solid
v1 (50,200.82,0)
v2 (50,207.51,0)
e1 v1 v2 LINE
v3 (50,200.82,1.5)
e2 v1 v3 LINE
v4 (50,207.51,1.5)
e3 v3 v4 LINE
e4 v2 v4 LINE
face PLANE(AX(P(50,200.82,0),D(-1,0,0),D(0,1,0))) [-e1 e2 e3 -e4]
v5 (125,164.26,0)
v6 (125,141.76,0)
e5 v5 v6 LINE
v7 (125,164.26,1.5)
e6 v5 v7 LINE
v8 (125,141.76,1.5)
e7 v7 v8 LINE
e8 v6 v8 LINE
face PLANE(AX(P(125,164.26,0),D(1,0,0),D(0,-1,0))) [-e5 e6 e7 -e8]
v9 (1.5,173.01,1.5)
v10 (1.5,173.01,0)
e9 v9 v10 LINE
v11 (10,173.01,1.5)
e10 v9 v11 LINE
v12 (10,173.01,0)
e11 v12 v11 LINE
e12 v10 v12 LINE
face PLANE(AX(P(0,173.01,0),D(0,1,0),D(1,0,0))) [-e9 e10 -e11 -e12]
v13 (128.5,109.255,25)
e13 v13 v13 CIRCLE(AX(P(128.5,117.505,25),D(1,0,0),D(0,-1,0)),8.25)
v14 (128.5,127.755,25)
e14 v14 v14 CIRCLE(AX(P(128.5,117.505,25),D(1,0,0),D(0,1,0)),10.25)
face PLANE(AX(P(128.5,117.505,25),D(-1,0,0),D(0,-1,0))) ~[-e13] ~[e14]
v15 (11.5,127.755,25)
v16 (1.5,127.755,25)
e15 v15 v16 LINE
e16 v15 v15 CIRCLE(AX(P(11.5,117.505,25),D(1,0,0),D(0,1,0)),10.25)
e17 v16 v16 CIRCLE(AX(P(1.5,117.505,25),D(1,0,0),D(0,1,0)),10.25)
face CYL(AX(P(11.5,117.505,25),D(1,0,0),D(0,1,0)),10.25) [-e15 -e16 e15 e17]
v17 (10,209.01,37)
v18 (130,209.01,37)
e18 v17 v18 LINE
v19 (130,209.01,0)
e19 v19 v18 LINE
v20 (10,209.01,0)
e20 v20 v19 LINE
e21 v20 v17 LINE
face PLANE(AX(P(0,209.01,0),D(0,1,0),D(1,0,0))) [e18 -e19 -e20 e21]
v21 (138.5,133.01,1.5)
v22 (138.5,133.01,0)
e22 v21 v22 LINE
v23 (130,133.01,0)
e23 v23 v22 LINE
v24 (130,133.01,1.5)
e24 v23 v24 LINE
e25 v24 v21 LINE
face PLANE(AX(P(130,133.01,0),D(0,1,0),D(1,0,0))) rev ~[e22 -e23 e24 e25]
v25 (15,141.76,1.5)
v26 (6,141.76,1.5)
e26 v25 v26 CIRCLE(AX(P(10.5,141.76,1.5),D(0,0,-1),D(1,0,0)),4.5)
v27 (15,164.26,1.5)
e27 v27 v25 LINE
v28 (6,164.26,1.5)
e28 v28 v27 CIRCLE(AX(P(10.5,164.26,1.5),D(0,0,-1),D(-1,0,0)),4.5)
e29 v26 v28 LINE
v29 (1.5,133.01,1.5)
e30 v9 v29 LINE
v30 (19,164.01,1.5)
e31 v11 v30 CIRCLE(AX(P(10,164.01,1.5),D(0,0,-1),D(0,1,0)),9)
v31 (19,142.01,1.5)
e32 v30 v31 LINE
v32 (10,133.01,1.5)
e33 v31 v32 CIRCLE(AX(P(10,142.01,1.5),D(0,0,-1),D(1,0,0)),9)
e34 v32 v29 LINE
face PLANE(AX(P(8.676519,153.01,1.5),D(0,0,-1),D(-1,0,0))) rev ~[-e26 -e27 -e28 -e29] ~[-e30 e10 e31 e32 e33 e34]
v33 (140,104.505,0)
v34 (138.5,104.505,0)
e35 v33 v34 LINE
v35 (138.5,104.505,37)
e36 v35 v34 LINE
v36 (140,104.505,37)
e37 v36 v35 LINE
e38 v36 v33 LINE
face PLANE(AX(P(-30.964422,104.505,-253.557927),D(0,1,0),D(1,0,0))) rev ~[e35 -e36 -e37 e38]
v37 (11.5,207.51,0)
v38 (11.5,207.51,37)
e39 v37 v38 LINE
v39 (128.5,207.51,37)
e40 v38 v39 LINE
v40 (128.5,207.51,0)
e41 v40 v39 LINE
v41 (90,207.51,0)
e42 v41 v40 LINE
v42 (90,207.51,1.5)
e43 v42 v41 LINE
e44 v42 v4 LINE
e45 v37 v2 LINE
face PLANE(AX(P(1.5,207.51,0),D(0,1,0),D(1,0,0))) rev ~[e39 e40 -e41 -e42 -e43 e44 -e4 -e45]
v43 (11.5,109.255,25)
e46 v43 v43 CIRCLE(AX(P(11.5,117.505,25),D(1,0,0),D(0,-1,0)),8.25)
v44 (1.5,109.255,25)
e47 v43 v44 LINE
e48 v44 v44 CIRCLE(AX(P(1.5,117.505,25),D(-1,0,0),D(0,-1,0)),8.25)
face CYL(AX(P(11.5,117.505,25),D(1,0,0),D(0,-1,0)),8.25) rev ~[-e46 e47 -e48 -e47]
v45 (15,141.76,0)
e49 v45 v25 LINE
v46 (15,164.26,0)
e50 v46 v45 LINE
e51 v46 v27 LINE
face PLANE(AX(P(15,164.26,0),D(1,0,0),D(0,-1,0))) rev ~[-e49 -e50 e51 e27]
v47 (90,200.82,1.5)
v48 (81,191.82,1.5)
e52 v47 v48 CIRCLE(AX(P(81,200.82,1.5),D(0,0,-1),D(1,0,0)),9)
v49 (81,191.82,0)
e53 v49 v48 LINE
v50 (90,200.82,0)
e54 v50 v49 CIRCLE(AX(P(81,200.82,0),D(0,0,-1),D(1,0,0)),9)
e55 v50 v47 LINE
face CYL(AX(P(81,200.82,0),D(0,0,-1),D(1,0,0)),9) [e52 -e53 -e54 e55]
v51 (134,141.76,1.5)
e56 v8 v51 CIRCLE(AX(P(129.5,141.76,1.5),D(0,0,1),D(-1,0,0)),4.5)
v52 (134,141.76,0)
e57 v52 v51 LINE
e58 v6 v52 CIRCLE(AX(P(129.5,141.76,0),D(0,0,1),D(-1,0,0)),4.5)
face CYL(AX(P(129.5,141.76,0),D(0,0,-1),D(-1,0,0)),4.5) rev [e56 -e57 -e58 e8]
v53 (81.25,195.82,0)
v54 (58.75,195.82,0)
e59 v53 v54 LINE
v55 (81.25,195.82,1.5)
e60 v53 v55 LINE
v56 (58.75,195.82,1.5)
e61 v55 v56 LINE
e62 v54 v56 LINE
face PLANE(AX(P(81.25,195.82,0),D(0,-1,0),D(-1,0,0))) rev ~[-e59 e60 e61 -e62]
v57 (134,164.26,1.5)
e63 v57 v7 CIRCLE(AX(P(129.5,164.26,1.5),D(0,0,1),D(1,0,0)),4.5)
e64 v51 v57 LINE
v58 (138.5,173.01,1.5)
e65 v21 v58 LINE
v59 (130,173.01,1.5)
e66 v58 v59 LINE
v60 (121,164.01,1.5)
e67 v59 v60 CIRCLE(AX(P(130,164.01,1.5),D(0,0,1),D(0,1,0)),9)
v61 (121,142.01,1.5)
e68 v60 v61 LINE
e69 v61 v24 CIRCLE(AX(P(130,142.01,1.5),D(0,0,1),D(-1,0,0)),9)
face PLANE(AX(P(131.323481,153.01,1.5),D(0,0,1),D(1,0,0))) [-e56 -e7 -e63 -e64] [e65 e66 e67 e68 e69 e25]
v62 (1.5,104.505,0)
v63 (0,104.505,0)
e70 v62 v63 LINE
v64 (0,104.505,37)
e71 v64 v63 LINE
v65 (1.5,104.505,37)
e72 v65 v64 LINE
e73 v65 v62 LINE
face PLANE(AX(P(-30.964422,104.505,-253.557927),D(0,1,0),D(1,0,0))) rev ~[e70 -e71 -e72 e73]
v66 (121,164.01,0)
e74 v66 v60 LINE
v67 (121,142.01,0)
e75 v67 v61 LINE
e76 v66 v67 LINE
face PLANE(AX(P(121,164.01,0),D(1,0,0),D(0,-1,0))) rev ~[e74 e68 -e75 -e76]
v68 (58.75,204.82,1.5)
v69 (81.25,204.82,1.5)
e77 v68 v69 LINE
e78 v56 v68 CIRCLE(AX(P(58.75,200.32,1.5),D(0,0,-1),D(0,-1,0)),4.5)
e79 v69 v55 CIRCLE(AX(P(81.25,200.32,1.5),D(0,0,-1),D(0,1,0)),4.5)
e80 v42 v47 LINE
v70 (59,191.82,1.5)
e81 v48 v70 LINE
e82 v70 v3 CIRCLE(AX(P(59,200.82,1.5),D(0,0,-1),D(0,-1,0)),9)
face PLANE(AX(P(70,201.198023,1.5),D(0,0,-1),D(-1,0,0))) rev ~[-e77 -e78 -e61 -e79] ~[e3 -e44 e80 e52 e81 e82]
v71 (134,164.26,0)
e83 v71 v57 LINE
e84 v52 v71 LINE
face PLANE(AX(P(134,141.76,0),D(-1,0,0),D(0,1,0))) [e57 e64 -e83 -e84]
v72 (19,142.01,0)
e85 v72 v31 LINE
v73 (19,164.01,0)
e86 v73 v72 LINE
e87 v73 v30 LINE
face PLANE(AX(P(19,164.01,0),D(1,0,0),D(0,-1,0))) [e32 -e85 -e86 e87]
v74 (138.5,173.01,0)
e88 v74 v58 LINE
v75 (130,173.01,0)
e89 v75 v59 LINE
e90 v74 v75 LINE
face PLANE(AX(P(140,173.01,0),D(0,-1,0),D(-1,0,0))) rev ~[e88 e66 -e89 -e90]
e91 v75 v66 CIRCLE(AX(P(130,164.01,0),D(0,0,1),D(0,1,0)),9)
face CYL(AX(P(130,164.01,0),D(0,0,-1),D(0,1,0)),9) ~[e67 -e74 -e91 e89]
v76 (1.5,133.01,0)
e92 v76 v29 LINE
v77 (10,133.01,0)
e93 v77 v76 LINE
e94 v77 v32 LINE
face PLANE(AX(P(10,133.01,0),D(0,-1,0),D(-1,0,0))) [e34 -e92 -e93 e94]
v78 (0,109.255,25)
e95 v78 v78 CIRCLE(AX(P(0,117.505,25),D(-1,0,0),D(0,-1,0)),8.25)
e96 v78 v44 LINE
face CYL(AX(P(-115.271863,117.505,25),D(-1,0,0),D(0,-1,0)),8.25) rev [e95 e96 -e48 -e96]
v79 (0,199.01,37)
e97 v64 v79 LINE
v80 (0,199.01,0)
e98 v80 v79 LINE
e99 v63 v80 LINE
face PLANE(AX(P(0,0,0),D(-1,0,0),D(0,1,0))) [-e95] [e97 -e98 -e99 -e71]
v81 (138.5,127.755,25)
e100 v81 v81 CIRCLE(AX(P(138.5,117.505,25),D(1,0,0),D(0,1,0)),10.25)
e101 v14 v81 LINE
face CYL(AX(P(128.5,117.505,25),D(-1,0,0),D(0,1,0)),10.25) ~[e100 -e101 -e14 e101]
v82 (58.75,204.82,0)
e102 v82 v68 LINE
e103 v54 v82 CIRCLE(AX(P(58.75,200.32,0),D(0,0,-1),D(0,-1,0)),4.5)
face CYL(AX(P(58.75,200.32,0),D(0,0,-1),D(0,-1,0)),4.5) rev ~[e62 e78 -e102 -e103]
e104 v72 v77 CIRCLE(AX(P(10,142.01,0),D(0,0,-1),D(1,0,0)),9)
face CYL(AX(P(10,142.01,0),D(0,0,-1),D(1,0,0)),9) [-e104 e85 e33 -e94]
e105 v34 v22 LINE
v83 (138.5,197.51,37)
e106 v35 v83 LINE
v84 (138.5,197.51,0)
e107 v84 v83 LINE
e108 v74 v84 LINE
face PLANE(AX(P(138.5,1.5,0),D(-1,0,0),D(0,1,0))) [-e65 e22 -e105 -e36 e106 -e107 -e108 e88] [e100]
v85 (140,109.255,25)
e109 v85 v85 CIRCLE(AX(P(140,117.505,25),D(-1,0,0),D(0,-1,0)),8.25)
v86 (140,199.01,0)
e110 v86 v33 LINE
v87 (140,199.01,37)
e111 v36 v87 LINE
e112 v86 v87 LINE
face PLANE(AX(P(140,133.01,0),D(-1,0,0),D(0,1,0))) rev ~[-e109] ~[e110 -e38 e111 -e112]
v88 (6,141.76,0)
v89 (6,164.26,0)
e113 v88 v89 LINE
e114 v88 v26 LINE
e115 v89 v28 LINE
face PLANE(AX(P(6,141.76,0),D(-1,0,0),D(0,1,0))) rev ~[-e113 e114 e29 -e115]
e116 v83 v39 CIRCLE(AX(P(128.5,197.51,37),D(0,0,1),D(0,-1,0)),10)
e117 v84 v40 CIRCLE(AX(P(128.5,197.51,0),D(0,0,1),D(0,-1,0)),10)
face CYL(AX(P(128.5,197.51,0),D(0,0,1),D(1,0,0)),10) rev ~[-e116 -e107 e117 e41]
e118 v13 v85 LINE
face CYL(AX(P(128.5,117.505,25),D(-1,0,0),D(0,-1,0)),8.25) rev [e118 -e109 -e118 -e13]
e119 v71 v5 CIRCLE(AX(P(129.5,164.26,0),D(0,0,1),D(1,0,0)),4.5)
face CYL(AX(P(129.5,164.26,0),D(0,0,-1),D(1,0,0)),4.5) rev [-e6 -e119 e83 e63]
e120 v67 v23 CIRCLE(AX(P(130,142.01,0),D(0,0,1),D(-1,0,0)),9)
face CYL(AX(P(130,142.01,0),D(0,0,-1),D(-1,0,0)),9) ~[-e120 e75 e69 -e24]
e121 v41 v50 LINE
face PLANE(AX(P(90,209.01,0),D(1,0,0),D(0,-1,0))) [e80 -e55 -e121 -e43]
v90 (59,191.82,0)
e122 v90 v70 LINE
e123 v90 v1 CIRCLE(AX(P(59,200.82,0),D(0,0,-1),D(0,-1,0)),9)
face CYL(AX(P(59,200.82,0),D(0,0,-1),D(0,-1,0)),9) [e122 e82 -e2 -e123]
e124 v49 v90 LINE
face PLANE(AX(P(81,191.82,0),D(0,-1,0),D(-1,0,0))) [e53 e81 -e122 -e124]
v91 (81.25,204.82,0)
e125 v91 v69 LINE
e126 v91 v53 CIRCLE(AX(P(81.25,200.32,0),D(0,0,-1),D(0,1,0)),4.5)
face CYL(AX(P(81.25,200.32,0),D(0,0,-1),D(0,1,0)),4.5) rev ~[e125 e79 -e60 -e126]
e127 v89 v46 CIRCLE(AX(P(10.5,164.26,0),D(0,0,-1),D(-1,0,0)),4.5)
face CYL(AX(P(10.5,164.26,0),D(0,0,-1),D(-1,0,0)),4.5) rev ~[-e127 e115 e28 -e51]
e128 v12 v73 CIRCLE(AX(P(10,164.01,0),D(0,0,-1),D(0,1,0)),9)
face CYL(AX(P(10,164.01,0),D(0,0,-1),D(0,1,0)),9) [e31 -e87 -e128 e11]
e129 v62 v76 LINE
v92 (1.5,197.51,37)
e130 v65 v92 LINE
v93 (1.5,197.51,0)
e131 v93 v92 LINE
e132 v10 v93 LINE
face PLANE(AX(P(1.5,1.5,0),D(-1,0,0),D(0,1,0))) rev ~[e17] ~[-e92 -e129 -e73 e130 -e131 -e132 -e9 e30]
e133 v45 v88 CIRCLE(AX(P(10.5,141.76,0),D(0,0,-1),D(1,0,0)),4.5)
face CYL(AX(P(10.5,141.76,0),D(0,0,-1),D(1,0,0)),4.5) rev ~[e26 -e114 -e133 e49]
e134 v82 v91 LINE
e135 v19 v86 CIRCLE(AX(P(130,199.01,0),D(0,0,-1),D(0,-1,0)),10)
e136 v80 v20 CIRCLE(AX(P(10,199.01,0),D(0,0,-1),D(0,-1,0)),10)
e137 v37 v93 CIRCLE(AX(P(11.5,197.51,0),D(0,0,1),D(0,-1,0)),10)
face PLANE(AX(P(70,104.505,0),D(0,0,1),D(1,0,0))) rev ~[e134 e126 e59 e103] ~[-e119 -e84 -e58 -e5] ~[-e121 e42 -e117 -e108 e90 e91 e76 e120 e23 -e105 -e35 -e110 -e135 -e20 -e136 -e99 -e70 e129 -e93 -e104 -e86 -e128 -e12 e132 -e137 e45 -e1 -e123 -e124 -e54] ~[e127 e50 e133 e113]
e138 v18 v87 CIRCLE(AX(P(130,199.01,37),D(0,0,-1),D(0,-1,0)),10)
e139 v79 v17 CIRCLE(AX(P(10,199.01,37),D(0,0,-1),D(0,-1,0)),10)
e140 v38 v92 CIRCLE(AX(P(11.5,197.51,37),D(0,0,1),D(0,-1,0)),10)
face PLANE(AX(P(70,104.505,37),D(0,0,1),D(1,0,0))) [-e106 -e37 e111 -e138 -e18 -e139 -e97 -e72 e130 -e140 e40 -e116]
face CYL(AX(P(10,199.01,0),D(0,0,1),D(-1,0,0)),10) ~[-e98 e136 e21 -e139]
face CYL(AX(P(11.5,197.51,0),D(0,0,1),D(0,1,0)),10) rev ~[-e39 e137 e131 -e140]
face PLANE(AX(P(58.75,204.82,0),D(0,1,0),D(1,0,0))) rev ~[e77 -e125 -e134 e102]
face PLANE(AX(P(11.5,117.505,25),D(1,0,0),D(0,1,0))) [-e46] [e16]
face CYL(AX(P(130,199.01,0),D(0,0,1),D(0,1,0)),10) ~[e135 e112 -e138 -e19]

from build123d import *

# Parameters (mm, degrees)
SKIZZE1_W                            = 140
SKIZZE1_H                            = 209.01
SKIZZE1_W_2                          = 137
SKIZZE1_H_2                          = 206.01
AUFSATZ_LINEAR_AUSTRAGEN1_DEPTH      = 37
VERRUNDUNG1_R                        = 10
SCHNITT_LINEAR_AUSTRAGEN2_DEPTH      = 255.27186258
SCHNITT_LINEAR_AUSTRAGEN2_DEPTH_BACK = 255.27186258
SKIZZE4_R                            = 8.25
AUFSATZ_LINEAR_AUSTRAGEN3_DEPTH      = 1.5
SCHNITT_LINEAR_AUSTRAGEN3_DEPTH      = 255.057926662
SCHNITT_LINEAR_AUSTRAGEN3_DEPTH_BACK = 255.057926662
SKIZZE6_W                            = 230.516002865
SKIZZE6_H                            = 119.565202556
AUFSATZ_LINEAR_START                 = 10
SKIZZE8_R                            = 10.25
SKIZZE8_R_2                          = 8.25
AUFSATZ_LINEAR_AUSTRAGEN5_DEPTH      = 10


with BuildPart() as part:
    # Skizze1 → Aufsatz-Linear austragen1 (new body)
    with BuildSketch(Plane.XY):
        with Locations((70, 104.505)):
            Rectangle(SKIZZE1_W, SKIZZE1_H)
        with Locations((70, 104.505)):
            Rectangle(SKIZZE1_W_2, SKIZZE1_H_2, mode=Mode.SUBTRACT)
    extrude(amount=AUFSATZ_LINEAR_AUSTRAGEN1_DEPTH)

    # Verrundung1
    verrundung1_edges = [part.edges().sort_by_distance(p)[0] for p in [
        (1.5, 207.51, 18.5),
        (1.5, 1.5, 18.5),
        (138.5, 1.5, 18.5),
        (138.5, 207.51, 18.5),
        (0, 209.01, 18.5),
        (140, 209.01, 18.5),
        (140, 0, 18.5),
        (0, 0, 18.5),
    ]]
    fillet(verrundung1_edges, radius=VERRUNDUNG1_R)

    # Skizze4 → Schnitt-Linear austragen2 (cut, two sides: drawn at the far end of the back side and taken through both)
    with BuildSketch(Plane(origin=(140, 0, 0), x_dir=(0, 0, -1), z_dir=(1, 0, 0)).offset(-SCHNITT_LINEAR_AUSTRAGEN2_DEPTH_BACK)):
        with Locations(Location((-25, 117.505, 0), (0, 0, 270))):
            Circle(SKIZZE4_R)
        with Locations(Location((-25, 91.505, 0), (0, 0, 270))):
            Circle(SKIZZE4_R)
    extrude(amount=SCHNITT_LINEAR_AUSTRAGEN2_DEPTH + SCHNITT_LINEAR_AUSTRAGEN2_DEPTH_BACK, mode=Mode.SUBTRACT)

    # Skizze5 → Aufsatz-Linear austragen3 (add)
    # profile 1 of 5: a face of its own
    with BuildSketch(Plane(origin=(0, 0, 0), x_dir=(-1, 0, 0), z_dir=(0, 0, -1))):
        with BuildLine():
            Line((-140, 173.01), (-130, 173.01))
            ThreePointArc((-130, 173.01), (-123.636038969, 170.373961031), (-121, 164.01))
            Line((-121, 164.01), (-121, 142.01))
            ThreePointArc((-121, 142.01), (-123.636038969, 135.646038969), (-130, 133.01))
            Line((-130, 133.01), (-140, 133.01))
            Line((-140, 133.01), (-140, 173.01))
        make_face()
        with BuildLine():
            Line((-125, 164.26), (-125, 141.76))
            ThreePointArc((-125, 141.76), (-129.5, 137.26), (-134, 141.76))
            Line((-134, 141.76), (-134, 164.26))
            ThreePointArc((-134, 164.26), (-129.5, 168.76), (-125, 164.26))
        make_face(mode=Mode.SUBTRACT)
    # profile 2 of 5: a face of its own
    with BuildSketch(Plane(origin=(0, 0, 0), x_dir=(-1, 0, 0), z_dir=(0, 0, -1))):
        with BuildLine():
            Line((-90, 209.01), (-90, 200.82))
            ThreePointArc((-90, 200.82), (-87.363961031, 194.456038969), (-81, 191.82))
            Line((-81, 191.82), (-59, 191.82))
            ThreePointArc((-59, 191.82), (-52.636038969, 194.456038969), (-50, 200.82))
            Line((-50, 200.82), (-50, 209.01))
            Line((-50, 209.01), (-90, 209.01))
        make_face()
        with BuildLine():
            Line((-58.75, 204.82), (-81.25, 204.82))
            ThreePointArc((-81.25, 204.82), (-85.75, 200.32), (-81.25, 195.82))
            Line((-81.25, 195.82), (-58.75, 195.82))
            ThreePointArc((-58.75, 195.82), (-54.25, 200.32), (-58.75, 204.82))
        make_face(mode=Mode.SUBTRACT)
    # profile 3 of 5: a face of its own
    with BuildSketch(Plane(origin=(0, 0, 0), x_dir=(-1, 0, 0), z_dir=(0, 0, -1))):
        with BuildLine():
            Line((-19, 164.01), (-19, 142.01))
            ThreePointArc((-19, 142.01), (-16.363961031, 135.646038969), (-10, 133.01))
            Line((-10, 133.01), (0, 133.01))
            Line((0, 133.01), (0, 173.01))
            Line((0, 173.01), (-10, 173.01))
            ThreePointArc((-10, 173.01), (-16.363961031, 170.373961031), (-19, 164.01))
        make_face()
        with BuildLine():
            Line((-15, 164.26), (-15, 141.76))
            ThreePointArc((-15, 141.76), (-10.5, 137.26), (-6, 141.76))
            Line((-6, 141.76), (-6, 164.26))
            ThreePointArc((-6, 164.26), (-10.5, 168.76), (-15, 164.26))
        make_face(mode=Mode.SUBTRACT)
    # profile 4 of 5: a face of its own
    with BuildSketch(Plane(origin=(0, 0, 0), x_dir=(-1, 0, 0), z_dir=(0, 0, -1))):
        with BuildLine():
            Line((0, 36), (-10, 36))
            ThreePointArc((-10, 36), (-16.363961031, 38.636038969), (-19, 45))
            Line((-19, 45), (-19, 67))
            ThreePointArc((-19, 67), (-16.363961031, 73.363961031), (-10, 76))
            Line((-10, 76), (0, 76))
            Line((0, 76), (0, 36))
        make_face()
        with BuildLine():
            Line((-15, 44.75), (-15, 67.25))
            ThreePointArc((-15, 67.25), (-10.5, 71.75), (-6, 67.25))
            Line((-6, 67.25), (-6, 44.75))
            ThreePointArc((-6, 44.75), (-10.5, 40.25), (-15, 44.75))
        make_face(mode=Mode.SUBTRACT)
    # profile 5 of 5: a face of its own
    with BuildSketch(Plane(origin=(0, 0, 0), x_dir=(-1, 0, 0), z_dir=(0, 0, -1))):
        with BuildLine():
            Line((-121, 45), (-121, 67))
            ThreePointArc((-121, 67), (-123.636038969, 73.363961031), (-130, 76))
            Line((-130, 76), (-140, 76))
            Line((-140, 76), (-140, 36))
            Line((-140, 36), (-130, 36))
            ThreePointArc((-130, 36), (-123.636038969, 38.636038969), (-121, 45))
        make_face()
        with BuildLine():
            Line((-125, 44.75), (-125, 67.25))
            ThreePointArc((-125, 67.25), (-129.5, 71.75), (-134, 67.25))
            Line((-134, 67.25), (-134, 44.75))
            ThreePointArc((-134, 44.75), (-129.5, 40.25), (-125, 44.75))
        make_face(mode=Mode.SUBTRACT)
    extrude(amount=-AUFSATZ_LINEAR_AUSTRAGEN3_DEPTH)

    # Skizze6 → Schnitt-Linear austragen3 (cut, two sides: drawn at the far end of the back side and taken through both)
    with BuildSketch(Plane.XY.offset(1.5).offset(-SCHNITT_LINEAR_AUSTRAGEN3_DEPTH_BACK)):
        with Locations((84.29357918, 44.722398722)):
            Rectangle(SKIZZE6_W, SKIZZE6_H)
    extrude(amount=SCHNITT_LINEAR_AUSTRAGEN3_DEPTH + SCHNITT_LINEAR_AUSTRAGEN3_DEPTH_BACK, mode=Mode.SUBTRACT)

    # Skizze8 → Aufsatz-Linear austragen5 (add)
    with BuildSketch(Plane(origin=(1.5, 0, 0), x_dir=(0, 0, -1), z_dir=(1, 0, 0)).offset(AUFSATZ_LINEAR_START)):
        with Locations(Location((-25, 117.505, 0), (0, 0, 90))):
            Circle(SKIZZE8_R)
        with Locations(Location((-25, 117.505, 0), (0, 0, 270))):
            Circle(SKIZZE8_R_2, mode=Mode.SUBTRACT)
    aufsatz_linear_austragen5 = extrude(amount=-AUFSATZ_LINEAR_AUSTRAGEN5_DEPTH)

    # Spiegeln1: Aufsatz-Linear austragen5 across plane
    add(aufsatz_linear_austragen5.mirror(Plane.ZY.offset(-70)))


solid = part.part
